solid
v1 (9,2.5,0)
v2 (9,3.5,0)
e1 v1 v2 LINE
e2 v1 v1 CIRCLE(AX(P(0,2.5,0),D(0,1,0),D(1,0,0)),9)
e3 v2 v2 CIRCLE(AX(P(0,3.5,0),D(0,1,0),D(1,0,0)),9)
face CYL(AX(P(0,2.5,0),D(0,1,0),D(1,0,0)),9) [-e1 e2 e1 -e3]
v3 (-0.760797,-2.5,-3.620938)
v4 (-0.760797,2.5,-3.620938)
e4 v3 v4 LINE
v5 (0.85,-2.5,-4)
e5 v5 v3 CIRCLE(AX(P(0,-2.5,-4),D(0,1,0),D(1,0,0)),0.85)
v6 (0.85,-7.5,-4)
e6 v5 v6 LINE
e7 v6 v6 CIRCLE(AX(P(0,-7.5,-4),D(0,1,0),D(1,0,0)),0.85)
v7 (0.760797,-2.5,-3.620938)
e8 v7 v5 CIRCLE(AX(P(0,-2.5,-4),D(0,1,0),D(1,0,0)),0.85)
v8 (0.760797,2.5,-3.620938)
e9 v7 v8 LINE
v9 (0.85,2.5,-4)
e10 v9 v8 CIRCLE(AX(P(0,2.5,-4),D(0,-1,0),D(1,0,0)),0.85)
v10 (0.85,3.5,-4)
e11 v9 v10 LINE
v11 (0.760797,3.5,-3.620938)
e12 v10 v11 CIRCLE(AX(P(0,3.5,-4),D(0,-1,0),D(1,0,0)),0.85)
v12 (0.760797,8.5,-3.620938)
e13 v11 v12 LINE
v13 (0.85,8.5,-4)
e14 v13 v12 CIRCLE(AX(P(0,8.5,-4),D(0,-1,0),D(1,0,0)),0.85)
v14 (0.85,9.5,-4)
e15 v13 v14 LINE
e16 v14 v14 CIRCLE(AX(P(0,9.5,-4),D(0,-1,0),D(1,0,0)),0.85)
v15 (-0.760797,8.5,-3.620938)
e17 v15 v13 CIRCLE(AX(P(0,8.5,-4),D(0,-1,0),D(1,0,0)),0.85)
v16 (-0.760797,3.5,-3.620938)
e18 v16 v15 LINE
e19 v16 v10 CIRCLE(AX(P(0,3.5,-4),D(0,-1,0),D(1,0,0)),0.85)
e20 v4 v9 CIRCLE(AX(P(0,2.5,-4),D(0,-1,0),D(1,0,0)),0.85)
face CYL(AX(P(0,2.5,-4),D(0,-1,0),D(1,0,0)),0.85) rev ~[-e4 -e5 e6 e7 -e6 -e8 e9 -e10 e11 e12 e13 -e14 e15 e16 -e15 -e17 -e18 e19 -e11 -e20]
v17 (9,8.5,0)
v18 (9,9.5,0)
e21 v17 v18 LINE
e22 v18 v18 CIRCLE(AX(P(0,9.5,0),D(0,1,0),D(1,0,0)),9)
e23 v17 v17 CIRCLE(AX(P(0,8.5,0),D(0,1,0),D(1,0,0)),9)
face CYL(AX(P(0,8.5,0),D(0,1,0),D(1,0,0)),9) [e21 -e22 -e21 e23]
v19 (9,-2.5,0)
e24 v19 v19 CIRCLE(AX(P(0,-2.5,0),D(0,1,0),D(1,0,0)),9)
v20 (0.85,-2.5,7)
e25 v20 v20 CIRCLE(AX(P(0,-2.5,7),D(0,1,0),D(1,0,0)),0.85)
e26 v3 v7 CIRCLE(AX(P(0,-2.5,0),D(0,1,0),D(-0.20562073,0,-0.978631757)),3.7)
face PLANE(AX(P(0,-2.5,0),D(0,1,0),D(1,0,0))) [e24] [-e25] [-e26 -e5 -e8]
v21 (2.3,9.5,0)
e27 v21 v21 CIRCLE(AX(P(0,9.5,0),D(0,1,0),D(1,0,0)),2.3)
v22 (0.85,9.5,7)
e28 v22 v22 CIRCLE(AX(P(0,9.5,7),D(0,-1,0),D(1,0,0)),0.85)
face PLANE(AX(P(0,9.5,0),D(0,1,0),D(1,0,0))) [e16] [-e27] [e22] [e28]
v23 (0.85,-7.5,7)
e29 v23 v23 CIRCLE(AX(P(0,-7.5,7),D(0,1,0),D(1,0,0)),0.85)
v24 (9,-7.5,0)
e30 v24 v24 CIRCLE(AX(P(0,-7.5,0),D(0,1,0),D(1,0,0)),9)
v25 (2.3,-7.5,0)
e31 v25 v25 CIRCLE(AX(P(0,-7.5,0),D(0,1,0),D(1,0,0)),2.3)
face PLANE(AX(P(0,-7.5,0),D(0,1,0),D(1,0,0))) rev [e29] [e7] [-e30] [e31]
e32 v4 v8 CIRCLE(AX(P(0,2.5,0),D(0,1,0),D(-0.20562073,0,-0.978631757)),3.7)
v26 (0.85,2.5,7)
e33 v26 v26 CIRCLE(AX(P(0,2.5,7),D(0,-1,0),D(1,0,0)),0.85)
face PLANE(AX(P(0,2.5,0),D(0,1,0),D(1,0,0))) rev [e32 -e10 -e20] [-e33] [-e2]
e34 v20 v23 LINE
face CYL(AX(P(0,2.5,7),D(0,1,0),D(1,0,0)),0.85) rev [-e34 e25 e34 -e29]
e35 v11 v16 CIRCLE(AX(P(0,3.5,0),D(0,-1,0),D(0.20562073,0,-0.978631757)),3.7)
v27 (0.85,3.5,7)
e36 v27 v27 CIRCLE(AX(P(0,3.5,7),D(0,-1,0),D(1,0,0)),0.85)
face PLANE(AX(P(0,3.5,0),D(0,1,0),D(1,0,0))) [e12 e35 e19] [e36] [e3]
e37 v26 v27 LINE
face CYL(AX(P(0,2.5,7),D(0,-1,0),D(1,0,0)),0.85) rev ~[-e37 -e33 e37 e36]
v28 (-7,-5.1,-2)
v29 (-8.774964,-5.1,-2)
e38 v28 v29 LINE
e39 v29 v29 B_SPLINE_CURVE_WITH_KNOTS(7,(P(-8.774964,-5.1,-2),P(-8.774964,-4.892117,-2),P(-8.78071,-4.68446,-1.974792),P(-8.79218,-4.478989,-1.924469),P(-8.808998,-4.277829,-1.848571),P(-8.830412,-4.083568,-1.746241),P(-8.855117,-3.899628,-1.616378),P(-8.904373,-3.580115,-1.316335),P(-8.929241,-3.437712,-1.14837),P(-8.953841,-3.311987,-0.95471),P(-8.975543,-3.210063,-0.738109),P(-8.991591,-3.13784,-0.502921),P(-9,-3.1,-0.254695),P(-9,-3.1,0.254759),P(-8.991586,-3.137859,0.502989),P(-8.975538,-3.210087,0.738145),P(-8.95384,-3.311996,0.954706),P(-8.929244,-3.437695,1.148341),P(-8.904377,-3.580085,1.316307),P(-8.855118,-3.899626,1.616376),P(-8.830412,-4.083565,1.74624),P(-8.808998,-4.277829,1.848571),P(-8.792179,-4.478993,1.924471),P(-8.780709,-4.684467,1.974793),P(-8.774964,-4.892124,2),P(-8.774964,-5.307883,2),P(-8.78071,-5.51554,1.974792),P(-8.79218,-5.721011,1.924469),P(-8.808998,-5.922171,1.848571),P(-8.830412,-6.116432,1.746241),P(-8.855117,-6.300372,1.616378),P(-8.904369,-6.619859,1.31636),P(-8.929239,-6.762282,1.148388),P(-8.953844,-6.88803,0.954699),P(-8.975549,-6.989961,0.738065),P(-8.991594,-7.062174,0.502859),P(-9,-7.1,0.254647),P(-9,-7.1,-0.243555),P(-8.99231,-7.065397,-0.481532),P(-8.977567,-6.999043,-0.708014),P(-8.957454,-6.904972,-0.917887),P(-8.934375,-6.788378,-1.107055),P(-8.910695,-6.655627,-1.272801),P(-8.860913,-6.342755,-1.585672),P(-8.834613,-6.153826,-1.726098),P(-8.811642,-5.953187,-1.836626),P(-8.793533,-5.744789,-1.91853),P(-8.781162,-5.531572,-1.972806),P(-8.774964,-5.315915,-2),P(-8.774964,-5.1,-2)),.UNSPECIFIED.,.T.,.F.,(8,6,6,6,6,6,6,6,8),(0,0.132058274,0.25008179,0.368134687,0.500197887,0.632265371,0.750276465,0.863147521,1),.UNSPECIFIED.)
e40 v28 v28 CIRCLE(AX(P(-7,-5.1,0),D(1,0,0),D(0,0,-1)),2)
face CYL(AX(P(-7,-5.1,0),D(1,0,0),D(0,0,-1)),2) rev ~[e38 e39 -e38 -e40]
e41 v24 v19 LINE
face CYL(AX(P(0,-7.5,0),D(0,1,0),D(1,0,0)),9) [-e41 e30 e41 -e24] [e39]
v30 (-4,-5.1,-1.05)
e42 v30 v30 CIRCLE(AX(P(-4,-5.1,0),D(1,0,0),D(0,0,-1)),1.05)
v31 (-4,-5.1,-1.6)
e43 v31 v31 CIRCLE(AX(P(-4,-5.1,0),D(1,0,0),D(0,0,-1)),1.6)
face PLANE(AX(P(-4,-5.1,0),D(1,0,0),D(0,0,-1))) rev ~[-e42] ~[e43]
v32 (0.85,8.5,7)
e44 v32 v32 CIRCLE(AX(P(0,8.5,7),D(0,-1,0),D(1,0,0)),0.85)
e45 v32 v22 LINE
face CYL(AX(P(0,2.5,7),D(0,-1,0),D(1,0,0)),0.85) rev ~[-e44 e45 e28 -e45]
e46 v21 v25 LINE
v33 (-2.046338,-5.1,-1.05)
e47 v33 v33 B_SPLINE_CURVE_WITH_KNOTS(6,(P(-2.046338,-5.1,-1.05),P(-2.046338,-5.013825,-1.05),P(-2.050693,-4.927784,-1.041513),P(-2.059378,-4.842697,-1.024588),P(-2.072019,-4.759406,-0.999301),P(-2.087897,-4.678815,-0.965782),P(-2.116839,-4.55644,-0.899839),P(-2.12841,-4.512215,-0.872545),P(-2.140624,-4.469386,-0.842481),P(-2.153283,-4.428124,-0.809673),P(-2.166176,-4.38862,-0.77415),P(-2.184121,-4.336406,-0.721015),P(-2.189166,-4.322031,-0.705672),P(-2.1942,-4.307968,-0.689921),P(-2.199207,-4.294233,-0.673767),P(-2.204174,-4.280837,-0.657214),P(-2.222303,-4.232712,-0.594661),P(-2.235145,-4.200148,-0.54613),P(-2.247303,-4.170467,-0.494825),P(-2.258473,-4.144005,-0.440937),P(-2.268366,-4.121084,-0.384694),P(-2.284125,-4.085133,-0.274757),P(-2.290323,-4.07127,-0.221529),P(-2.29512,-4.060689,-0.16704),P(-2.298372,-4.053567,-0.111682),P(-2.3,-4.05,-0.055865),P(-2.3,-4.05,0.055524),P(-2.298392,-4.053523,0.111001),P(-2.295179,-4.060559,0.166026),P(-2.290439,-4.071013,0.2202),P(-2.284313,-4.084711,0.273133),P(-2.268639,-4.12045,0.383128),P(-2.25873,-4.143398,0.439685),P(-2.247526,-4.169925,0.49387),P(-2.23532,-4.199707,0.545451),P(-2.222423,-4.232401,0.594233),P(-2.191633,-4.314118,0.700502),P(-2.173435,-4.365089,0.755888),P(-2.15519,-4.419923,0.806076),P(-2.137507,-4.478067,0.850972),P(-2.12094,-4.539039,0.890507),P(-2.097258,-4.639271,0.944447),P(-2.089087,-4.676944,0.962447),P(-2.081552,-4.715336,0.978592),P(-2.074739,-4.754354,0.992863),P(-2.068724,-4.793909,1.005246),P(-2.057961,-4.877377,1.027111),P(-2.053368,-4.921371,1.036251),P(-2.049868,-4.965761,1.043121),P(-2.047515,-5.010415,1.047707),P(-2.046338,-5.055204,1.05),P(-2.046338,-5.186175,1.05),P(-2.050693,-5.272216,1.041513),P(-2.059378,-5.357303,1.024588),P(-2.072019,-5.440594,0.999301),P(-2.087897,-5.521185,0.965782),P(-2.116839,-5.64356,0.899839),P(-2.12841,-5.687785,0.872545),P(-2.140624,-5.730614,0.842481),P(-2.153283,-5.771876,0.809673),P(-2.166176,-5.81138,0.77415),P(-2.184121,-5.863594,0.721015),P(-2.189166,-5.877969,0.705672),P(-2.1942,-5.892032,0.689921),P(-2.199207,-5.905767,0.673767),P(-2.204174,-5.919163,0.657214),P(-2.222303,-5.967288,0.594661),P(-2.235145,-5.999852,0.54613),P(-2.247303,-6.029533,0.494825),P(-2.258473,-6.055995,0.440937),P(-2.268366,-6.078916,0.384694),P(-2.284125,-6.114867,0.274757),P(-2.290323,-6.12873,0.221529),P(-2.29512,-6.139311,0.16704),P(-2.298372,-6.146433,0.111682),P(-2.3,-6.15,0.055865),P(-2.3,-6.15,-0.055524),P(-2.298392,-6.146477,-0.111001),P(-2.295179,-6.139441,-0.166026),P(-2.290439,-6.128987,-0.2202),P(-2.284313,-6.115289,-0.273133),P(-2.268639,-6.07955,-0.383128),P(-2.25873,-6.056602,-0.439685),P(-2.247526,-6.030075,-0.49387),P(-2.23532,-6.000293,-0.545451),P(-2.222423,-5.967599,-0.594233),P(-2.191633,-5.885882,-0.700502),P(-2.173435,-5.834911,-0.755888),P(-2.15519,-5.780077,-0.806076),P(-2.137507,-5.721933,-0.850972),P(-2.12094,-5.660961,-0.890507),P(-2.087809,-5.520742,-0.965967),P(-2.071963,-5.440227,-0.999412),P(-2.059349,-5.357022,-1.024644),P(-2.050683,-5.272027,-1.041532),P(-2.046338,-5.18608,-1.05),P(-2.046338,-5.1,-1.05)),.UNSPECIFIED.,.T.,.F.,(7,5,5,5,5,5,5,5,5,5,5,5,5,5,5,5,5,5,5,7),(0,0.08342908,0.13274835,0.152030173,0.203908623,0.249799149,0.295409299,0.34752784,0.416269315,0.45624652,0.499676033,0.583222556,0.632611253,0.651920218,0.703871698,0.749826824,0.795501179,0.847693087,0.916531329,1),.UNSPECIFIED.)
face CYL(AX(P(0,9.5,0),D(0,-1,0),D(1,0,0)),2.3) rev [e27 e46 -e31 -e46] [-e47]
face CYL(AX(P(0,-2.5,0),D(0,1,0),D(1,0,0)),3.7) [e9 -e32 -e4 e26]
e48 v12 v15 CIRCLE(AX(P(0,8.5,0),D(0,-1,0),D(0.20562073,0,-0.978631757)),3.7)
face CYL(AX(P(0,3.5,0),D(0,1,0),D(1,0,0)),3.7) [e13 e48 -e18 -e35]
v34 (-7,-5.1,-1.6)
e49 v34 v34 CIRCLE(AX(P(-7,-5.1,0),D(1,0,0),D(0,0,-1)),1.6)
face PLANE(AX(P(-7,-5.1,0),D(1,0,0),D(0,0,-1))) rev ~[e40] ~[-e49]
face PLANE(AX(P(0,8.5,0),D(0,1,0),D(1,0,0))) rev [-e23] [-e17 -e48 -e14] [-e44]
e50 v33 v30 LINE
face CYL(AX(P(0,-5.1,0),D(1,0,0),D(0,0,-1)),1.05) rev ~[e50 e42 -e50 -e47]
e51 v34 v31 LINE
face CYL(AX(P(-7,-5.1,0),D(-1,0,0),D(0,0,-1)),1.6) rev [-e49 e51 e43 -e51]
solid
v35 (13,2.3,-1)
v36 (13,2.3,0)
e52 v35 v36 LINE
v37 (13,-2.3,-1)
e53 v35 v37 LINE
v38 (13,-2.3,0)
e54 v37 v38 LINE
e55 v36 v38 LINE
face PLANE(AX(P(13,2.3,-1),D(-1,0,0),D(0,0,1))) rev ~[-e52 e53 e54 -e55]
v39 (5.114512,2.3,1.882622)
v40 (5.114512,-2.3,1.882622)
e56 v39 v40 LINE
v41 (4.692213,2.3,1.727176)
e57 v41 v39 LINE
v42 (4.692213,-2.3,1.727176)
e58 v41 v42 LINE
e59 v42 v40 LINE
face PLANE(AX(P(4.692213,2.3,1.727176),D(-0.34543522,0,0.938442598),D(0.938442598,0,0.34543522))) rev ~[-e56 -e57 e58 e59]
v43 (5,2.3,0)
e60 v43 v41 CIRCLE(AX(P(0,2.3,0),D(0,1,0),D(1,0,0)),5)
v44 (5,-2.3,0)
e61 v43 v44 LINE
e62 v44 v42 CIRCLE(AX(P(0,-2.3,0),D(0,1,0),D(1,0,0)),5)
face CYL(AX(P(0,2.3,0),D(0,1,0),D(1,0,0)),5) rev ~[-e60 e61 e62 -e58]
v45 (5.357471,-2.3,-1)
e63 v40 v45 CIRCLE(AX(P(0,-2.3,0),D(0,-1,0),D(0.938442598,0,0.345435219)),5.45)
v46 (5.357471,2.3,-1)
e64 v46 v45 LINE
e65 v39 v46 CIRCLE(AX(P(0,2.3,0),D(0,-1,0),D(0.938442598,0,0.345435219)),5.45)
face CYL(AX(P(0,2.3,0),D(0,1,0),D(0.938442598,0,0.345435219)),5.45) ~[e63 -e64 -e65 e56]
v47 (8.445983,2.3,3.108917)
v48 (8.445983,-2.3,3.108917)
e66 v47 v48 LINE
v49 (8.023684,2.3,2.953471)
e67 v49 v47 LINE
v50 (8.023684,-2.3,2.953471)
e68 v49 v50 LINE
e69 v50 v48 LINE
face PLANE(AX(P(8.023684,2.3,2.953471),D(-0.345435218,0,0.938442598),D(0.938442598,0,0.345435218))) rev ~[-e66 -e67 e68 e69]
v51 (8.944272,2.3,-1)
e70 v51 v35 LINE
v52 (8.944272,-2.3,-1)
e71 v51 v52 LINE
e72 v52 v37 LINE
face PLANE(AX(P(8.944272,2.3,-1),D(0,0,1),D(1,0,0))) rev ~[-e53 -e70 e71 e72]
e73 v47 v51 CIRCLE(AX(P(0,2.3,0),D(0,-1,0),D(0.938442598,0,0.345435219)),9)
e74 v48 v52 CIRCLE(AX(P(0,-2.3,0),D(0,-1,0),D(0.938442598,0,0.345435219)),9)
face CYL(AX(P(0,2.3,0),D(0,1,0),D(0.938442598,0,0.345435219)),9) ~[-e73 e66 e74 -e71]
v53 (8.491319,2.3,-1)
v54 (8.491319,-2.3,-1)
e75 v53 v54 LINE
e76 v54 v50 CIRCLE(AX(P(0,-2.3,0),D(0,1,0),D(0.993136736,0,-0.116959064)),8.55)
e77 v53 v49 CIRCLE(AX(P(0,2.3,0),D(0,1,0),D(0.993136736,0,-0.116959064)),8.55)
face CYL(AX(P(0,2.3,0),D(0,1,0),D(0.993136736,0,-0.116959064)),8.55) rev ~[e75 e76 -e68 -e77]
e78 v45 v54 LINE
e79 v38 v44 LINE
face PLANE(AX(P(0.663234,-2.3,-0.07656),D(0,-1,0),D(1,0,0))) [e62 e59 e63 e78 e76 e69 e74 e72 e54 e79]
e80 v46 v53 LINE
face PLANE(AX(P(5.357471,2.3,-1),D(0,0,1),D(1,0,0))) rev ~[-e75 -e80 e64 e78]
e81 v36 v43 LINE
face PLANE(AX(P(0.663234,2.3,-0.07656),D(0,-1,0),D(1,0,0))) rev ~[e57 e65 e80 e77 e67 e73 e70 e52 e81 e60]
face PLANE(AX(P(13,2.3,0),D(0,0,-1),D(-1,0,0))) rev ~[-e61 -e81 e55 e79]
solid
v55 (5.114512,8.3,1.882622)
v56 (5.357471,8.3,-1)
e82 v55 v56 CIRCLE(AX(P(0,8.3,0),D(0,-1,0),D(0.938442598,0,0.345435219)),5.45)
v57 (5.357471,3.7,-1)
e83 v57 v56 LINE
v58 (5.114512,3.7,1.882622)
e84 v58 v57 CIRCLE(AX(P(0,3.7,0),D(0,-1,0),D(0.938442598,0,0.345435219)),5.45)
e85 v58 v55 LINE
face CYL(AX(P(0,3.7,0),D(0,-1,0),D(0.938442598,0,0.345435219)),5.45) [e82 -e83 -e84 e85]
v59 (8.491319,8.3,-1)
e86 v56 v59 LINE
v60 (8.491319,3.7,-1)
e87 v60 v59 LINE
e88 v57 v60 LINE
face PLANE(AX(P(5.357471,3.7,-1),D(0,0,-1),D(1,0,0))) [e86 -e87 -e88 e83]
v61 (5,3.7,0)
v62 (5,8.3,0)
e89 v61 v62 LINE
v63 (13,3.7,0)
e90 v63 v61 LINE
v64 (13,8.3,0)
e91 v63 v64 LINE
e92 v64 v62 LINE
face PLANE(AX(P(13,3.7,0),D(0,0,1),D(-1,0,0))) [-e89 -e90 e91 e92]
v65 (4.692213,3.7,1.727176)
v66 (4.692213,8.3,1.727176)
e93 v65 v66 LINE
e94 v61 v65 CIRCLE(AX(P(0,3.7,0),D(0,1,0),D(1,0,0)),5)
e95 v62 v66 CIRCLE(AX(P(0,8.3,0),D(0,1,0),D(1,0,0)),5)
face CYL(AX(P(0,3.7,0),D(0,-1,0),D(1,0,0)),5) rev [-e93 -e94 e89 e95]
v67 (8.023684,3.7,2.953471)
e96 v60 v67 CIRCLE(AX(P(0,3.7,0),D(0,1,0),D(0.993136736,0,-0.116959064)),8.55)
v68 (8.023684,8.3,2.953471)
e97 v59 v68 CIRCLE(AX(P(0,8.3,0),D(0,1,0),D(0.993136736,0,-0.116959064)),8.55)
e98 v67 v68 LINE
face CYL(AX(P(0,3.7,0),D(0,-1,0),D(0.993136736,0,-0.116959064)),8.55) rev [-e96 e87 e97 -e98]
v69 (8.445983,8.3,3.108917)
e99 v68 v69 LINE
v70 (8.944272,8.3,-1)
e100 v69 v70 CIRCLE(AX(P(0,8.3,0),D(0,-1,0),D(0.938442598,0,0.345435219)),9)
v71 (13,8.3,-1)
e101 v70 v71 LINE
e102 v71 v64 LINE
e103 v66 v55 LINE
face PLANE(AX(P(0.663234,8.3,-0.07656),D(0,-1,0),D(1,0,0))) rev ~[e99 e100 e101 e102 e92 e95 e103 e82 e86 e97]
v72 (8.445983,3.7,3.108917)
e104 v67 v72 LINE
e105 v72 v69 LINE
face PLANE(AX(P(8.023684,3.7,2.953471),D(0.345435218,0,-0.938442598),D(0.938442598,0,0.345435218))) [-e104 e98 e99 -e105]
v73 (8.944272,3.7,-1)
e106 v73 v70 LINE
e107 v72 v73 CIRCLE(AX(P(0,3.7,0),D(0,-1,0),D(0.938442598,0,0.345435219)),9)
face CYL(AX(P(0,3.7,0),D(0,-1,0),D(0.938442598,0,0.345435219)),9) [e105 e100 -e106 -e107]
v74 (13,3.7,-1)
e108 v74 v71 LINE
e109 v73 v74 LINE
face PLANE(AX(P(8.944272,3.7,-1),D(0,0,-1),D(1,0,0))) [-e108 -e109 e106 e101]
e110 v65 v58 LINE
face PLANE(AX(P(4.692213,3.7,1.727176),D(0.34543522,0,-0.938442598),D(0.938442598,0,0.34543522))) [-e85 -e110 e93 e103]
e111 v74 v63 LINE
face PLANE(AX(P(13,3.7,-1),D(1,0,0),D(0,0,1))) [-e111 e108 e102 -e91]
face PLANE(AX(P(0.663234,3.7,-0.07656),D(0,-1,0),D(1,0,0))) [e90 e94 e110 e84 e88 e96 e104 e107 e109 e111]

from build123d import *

# Parameters (mm, degrees)
ESBO_O3_R                  = 0.85
CORTE_EXTRUS_O1_DEPTH      = 11
CORTE_EXTRUS_O1_DEPTH_BACK = 8
ESBO_O4_R                  = 1.05
CORTE_EXTRUS_O2_DEPTH      = 10
CORTE_EXTRUS_O4_START      = -7
ESBO_O4_3_R                = 2
CORTE_EXTRUS_O4_DEPTH      = 3.0000001
CORTE_EXTRUS_O5_START      = -7
ESBO_O4_4_R                = 1.6
CORTE_EXTRUS_O5_DEPTH      = 3
RESSALTO_EXTRUS_O3_START   = 0.2
RESSALTO_EXTRUS_O3_DEPTH   = 4.6
RESSALTO_EXTRUS_O4_START   = -1.2
RESSALTO_EXTRUS_O4_DEPTH   = 4.6


with BuildPart() as part:
    # Esboço1 → Revolução1 (revolve)
    with BuildSketch(Plane.XY):
        Polygon((9, 3.5), (3.7, 3.5), (3.7, 8.5), (9, 8.5), (9, 9.5), (2.3, 9.5), (2.3, -7.5), (9, -7.5), (9, -2.5), (3.7, -2.5), (3.7, 2.5), (9, 2.5), align=None)
    revolve(axis=Axis((0, 0, 0), (0, 1, 0)))

    # Esboço3 → Corte-extrusão1 (cut, two sides)
    with BuildSketch(Plane.XZ.offset(-2.5)) as corte_extrus_o1_sk:
        with Locations((0, -4)):
            Circle(ESBO_O3_R)
        with Locations((0, 7)):
            Circle(ESBO_O3_R)
    extrude(amount=CORTE_EXTRUS_O1_DEPTH, mode=Mode.SUBTRACT)
    extrude(corte_extrus_o1_sk.sketch, amount=-CORTE_EXTRUS_O1_DEPTH_BACK, mode=Mode.SUBTRACT)

    # Esboço4 → Corte-extrusão2 (cut, through all)
    with BuildSketch(Plane(origin=(0, 0, 0), x_dir=(0, 0, -1), z_dir=(1, 0, 0))):
        with Locations((0, -5.1)):
            Circle(ESBO_O4_R)
    extrude(amount=-CORTE_EXTRUS_O2_DEPTH, mode=Mode.SUBTRACT)

    # Esboço4<3> → Corte-extrusão4 (cut, through all)
    with BuildSketch(Plane(origin=(0, 0, 0), x_dir=(0, 0, -1), z_dir=(1, 0, 0)).offset(CORTE_EXTRUS_O4_START)):
        with Locations((0, -5.1)):
            Circle(ESBO_O4_3_R)
    extrude(amount=-CORTE_EXTRUS_O4_DEPTH, mode=Mode.SUBTRACT)

    # Esboço4<4> → Corte-extrusão5 (cut)
    with BuildSketch(Plane(origin=(0, 0, 0), x_dir=(0, 0, -1), z_dir=(1, 0, 0)).offset(CORTE_EXTRUS_O5_START)):
        with Locations((0, -5.1)):
            Circle(ESBO_O4_4_R)
    extrude(amount=CORTE_EXTRUS_O5_DEPTH, mode=Mode.SUBTRACT)


with BuildPart() as body_2:
    # Esboço6 → Ressalto-extrusão3 (new body)
    with BuildSketch(Plane.XZ.offset(-2.5).offset(RESSALTO_EXTRUS_O3_START)):
        with BuildLine():
            Line((8.94427191, -1), (13, -1))
            Line((13, -1), (13, 0))
            Line((13, 0), (9, 0))
            Line((9, 0), (8.55, 0))
            Line((8.55, 0), (5.45, 0))
            Line((5.45, 0), (5, 0))
            ThreePointArc((5, 0), (-4.922451876, -0.877192982), (4.692212989, 1.727176097))
            Line((4.692212989, 1.727176097), (5.114512158, 1.882621946))
            ThreePointArc((5.114512158, 1.882621946), (-5.430744638, -0.457725546), (5.357471418, -1))
            Line((5.357471418, -1), (8.491319097, -1))
            ThreePointArc((8.491319097, -1), (-8.490807797, -1.004332095), (8.023684211, 2.953471126))
            Line((8.023684211, 2.953471126), (8.44598338, 3.108916974))
            ThreePointArc((8.44598338, 3.108916974), (-8.934542206, -1.083492301), (8.94427191, -1))
        make_face()
    extrude(amount=RESSALTO_EXTRUS_O3_DEPTH)


with BuildPart() as body_3:
    # Esboço6<2> → Ressalto-extrusão4 (new body)
    with BuildSketch(Plane.XZ.offset(-2.5).offset(RESSALTO_EXTRUS_O4_START)):
        with BuildLine():
            Line((8.94427191, -1), (13, -1))
            Line((13, -1), (13, 0))
            Line((13, 0), (9, 0))
            Line((9, 0), (8.55, 0))
            Line((8.55, 0), (5.45, 0))
            Line((5.45, 0), (5, 0))
            ThreePointArc((5, 0), (-4.922451876, -0.877192982), (4.692212989, 1.727176097))
            Line((4.692212989, 1.727176097), (5.114512158, 1.882621946))
            ThreePointArc((5.114512158, 1.882621946), (-5.430744638, -0.457725546), (5.357471418, -1))
            Line((5.357471418, -1), (8.491319097, -1))
            ThreePointArc((8.491319097, -1), (-8.490807797, -1.004332095), (8.023684211, 2.953471126))
            Line((8.023684211, 2.953471126), (8.44598338, 3.108916974))
            ThreePointArc((8.44598338, 3.108916974), (-8.934542206, -1.083492301), (8.94427191, -1))
        make_face()
    extrude(amount=-RESSALTO_EXTRUS_O4_DEPTH)


solid = Compound([part.part, body_2.part, body_3.part])
